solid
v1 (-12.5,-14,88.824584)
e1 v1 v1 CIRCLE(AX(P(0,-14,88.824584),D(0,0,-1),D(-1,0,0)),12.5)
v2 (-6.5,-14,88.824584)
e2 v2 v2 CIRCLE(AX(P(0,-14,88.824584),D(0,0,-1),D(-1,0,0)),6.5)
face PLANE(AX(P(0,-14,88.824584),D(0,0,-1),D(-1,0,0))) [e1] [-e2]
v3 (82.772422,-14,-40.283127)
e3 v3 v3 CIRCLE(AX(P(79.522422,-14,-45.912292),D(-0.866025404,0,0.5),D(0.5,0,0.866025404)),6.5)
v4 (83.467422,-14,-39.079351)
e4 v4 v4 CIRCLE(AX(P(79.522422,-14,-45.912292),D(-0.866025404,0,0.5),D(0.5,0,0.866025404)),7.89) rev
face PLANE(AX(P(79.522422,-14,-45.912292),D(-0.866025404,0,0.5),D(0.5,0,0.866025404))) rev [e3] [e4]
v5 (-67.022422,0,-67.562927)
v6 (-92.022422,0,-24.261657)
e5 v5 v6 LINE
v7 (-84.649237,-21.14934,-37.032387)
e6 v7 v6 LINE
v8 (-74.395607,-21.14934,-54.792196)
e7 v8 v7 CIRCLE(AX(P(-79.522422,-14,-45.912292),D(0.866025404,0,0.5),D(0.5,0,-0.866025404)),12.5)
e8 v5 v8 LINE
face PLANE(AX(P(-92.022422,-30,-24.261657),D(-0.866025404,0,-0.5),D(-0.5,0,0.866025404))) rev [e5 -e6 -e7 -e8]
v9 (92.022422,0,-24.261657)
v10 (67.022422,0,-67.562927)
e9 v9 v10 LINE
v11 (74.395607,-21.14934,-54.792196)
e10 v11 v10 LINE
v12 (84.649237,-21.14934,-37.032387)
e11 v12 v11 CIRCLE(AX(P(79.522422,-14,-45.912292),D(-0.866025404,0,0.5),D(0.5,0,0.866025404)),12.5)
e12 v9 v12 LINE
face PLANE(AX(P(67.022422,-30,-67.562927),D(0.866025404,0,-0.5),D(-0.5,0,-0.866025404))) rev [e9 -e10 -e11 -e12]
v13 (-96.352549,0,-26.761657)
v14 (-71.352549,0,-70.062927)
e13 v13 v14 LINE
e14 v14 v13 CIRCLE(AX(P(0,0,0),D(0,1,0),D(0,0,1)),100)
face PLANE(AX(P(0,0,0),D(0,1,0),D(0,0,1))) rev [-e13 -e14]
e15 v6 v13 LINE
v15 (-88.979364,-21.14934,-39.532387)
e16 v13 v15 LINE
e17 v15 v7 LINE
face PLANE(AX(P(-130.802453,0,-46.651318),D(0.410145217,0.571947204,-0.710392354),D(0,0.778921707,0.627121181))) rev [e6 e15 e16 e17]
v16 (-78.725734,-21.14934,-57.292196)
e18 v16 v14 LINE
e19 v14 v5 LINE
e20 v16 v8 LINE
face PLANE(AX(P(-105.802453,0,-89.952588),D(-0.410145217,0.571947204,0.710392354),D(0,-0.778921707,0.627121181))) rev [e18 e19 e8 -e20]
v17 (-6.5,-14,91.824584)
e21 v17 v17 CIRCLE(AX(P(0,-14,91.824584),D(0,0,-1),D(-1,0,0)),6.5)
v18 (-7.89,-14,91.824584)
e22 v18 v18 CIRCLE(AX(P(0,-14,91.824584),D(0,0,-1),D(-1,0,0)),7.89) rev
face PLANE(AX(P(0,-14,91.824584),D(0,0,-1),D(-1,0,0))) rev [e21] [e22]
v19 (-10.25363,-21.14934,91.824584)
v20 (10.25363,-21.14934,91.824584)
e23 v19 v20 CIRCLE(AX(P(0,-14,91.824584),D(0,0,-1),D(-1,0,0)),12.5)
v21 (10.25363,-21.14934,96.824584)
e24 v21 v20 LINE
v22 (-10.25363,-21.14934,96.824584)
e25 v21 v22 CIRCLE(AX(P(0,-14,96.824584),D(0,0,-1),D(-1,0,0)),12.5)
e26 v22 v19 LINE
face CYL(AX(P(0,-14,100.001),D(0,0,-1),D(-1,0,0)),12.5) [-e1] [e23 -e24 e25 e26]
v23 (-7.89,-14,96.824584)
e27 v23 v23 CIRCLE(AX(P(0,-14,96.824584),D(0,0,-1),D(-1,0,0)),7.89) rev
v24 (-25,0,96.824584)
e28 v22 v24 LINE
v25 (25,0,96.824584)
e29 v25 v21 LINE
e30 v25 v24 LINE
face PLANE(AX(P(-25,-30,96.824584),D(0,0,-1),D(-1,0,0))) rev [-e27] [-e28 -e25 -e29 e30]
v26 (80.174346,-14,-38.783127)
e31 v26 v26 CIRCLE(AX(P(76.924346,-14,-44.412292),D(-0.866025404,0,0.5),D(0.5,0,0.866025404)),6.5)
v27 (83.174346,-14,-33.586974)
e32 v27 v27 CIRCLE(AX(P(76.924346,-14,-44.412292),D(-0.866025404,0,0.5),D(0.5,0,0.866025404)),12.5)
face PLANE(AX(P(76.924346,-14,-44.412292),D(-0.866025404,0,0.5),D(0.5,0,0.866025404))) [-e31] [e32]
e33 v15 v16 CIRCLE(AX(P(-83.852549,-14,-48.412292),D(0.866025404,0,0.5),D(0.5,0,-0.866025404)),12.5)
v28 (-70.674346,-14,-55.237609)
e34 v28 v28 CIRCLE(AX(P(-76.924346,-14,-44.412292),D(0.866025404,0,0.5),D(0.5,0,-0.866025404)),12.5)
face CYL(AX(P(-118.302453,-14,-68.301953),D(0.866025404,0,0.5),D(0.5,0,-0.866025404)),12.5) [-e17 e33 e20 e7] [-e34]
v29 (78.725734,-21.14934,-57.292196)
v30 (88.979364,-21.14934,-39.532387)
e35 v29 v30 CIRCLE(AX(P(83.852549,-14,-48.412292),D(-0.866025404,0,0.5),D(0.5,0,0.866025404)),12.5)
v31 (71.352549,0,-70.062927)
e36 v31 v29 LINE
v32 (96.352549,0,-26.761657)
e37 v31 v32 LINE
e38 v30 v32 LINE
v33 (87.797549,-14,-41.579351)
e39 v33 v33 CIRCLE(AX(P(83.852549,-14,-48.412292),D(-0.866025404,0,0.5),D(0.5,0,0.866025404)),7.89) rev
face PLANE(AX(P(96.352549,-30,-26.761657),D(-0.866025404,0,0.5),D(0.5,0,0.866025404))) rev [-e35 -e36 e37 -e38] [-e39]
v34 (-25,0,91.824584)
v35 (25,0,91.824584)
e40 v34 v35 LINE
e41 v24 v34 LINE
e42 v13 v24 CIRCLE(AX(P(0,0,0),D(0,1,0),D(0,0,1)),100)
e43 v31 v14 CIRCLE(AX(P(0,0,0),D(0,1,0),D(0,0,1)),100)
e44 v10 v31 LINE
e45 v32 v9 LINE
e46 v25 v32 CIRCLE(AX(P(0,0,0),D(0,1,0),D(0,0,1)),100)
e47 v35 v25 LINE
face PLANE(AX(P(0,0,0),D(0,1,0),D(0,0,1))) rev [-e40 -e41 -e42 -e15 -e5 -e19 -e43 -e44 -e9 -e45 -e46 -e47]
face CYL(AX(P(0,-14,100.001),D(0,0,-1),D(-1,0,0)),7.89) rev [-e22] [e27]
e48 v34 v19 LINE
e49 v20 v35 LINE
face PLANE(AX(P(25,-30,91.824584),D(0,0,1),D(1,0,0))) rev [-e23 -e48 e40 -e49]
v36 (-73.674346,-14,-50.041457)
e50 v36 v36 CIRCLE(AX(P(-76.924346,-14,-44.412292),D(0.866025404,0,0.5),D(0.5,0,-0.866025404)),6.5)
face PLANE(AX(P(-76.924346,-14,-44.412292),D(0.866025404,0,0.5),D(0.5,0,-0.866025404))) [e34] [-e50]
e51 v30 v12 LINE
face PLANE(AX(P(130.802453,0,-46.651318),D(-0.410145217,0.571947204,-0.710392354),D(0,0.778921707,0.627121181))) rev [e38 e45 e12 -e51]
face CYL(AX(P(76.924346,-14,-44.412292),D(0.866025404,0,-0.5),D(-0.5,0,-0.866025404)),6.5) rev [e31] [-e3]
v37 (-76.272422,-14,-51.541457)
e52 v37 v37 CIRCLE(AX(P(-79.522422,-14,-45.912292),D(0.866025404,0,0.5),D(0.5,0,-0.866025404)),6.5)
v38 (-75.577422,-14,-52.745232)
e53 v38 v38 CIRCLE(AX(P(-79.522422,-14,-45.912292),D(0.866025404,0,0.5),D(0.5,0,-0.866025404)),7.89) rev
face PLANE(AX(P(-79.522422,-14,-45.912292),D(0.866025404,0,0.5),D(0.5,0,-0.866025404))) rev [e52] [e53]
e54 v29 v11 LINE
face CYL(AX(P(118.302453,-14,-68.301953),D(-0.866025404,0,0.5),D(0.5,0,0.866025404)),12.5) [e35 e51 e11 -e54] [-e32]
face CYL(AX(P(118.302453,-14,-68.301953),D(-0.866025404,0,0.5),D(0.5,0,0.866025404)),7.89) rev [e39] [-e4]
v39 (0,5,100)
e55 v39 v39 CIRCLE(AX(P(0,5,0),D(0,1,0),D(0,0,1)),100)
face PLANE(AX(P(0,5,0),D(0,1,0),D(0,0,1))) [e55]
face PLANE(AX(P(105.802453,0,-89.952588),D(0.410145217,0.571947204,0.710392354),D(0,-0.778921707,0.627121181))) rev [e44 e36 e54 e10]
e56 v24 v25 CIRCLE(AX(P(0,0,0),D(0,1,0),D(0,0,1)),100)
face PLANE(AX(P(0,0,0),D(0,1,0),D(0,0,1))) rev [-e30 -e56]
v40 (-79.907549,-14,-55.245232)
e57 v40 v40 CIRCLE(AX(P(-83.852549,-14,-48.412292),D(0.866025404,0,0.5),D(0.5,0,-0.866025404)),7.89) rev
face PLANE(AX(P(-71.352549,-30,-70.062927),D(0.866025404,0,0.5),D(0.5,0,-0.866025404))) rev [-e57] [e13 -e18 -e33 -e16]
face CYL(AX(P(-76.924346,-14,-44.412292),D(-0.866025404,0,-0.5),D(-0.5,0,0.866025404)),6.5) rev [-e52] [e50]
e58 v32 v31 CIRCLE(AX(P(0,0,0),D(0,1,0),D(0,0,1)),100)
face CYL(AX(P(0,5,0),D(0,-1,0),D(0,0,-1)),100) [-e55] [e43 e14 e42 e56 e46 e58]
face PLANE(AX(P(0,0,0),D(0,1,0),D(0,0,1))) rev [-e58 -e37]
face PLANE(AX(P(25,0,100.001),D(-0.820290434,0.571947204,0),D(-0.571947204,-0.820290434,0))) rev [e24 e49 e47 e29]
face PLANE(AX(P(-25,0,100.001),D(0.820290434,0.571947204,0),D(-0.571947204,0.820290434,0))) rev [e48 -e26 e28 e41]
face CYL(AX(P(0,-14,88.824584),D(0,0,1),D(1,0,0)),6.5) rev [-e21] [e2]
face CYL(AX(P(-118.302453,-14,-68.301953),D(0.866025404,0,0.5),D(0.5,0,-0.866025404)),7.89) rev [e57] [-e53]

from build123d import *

# Parameters (mm, degrees)
SKETCH1_R           = 100
BOSS_EXTRUDE2_DEPTH = 5
SKETCH4_W           = 50
SKETCH4_H           = 5
BOSS_EXTRUDE4_DEPTH = 30
SKETCH6_R           = 7.89
CUT_EXTRUDE1_DEPTH  = 5
CIRPATTERN2_COUNT   = 3
SKETCH8_R           = 12.5
SKETCH8_R_2         = 6.5
BOSS_EXTRUDE5_DEPTH = 3
CIRPATTERN3_COUNT   = 3


with BuildPart() as part:
    # Sketch1 → Boss-Extrude2 (new body)
    with BuildSketch(Plane(origin=(0, 0, 0), x_dir=(1, 0, 0), z_dir=(0, 1, 0))):
        Circle(SKETCH1_R)
    extrude(amount=BOSS_EXTRUDE2_DEPTH)

    # Sketch4 → Boss-Extrude4 (add)
    with BuildSketch(Plane.XZ):
        with Locations((0, 94.324583655)):
            Rectangle(SKETCH4_W, SKETCH4_H)
    boss_extrude4 = extrude(amount=BOSS_EXTRUDE4_DEPTH)

    # Sketch6 → Cut-Extrude1 (cut)
    with BuildSketch(Plane(origin=(0, 0, 91.824583655), x_dir=(-1, 0, 0), z_dir=(0, 0, -1))):
        with Locations((0, -14)):
            Circle(SKETCH6_R)
        with BuildLine():
            Line((25, 0), (10.253630426, -21.149340046))
            ThreePointArc((10.253630426, -21.149340046), (0, -26.5), (-10.253630426, -21.149340046))
            Line((-10.253630426, -21.149340046), (-25, 0))
            Line((-25, 0), (-25, -30.813240721))
            Line((-25, -30.813240721), (25, -30.813240721))
            Line((25, -30.813240721), (25, 0))
        make_face()
    cut_extrude1 = extrude(amount=-CUT_EXTRUDE1_DEPTH, mode=Mode.SUBTRACT)

    # CirPattern2: Boss-Extrude4, Cut-Extrude1 ×3 about axis
    cirpattern2_axis = Axis((0, 0, 0), (0, 1, 0))
    for i in range(1, CIRPATTERN2_COUNT):
        add(boss_extrude4.rotate(cirpattern2_axis, i * 360 / CIRPATTERN2_COUNT))
        add(cut_extrude1.rotate(cirpattern2_axis, i * 360 / CIRPATTERN2_COUNT), mode=Mode.SUBTRACT)

    # Sketch8 → Boss-Extrude5 (add)
    with BuildSketch(Plane(origin=(0, 0, 91.824583655), x_dir=(-1, 0, 0), z_dir=(0, 0, -1))):
        with Locations((0, -14)):
            Circle(SKETCH8_R)
        with Locations((0, -14)):
            Circle(SKETCH8_R_2, mode=Mode.SUBTRACT)
    boss_extrude5 = extrude(amount=BOSS_EXTRUDE5_DEPTH)

    # CirPattern3: Boss-Extrude5 ×3 about axis
    cirpattern3_axis = Axis((0, 0, 0), (0, 1, 0))
    for i in range(1, CIRPATTERN3_COUNT):
        add(boss_extrude5.rotate(cirpattern3_axis, i * 360 / CIRPATTERN3_COUNT))


solid = part.part
